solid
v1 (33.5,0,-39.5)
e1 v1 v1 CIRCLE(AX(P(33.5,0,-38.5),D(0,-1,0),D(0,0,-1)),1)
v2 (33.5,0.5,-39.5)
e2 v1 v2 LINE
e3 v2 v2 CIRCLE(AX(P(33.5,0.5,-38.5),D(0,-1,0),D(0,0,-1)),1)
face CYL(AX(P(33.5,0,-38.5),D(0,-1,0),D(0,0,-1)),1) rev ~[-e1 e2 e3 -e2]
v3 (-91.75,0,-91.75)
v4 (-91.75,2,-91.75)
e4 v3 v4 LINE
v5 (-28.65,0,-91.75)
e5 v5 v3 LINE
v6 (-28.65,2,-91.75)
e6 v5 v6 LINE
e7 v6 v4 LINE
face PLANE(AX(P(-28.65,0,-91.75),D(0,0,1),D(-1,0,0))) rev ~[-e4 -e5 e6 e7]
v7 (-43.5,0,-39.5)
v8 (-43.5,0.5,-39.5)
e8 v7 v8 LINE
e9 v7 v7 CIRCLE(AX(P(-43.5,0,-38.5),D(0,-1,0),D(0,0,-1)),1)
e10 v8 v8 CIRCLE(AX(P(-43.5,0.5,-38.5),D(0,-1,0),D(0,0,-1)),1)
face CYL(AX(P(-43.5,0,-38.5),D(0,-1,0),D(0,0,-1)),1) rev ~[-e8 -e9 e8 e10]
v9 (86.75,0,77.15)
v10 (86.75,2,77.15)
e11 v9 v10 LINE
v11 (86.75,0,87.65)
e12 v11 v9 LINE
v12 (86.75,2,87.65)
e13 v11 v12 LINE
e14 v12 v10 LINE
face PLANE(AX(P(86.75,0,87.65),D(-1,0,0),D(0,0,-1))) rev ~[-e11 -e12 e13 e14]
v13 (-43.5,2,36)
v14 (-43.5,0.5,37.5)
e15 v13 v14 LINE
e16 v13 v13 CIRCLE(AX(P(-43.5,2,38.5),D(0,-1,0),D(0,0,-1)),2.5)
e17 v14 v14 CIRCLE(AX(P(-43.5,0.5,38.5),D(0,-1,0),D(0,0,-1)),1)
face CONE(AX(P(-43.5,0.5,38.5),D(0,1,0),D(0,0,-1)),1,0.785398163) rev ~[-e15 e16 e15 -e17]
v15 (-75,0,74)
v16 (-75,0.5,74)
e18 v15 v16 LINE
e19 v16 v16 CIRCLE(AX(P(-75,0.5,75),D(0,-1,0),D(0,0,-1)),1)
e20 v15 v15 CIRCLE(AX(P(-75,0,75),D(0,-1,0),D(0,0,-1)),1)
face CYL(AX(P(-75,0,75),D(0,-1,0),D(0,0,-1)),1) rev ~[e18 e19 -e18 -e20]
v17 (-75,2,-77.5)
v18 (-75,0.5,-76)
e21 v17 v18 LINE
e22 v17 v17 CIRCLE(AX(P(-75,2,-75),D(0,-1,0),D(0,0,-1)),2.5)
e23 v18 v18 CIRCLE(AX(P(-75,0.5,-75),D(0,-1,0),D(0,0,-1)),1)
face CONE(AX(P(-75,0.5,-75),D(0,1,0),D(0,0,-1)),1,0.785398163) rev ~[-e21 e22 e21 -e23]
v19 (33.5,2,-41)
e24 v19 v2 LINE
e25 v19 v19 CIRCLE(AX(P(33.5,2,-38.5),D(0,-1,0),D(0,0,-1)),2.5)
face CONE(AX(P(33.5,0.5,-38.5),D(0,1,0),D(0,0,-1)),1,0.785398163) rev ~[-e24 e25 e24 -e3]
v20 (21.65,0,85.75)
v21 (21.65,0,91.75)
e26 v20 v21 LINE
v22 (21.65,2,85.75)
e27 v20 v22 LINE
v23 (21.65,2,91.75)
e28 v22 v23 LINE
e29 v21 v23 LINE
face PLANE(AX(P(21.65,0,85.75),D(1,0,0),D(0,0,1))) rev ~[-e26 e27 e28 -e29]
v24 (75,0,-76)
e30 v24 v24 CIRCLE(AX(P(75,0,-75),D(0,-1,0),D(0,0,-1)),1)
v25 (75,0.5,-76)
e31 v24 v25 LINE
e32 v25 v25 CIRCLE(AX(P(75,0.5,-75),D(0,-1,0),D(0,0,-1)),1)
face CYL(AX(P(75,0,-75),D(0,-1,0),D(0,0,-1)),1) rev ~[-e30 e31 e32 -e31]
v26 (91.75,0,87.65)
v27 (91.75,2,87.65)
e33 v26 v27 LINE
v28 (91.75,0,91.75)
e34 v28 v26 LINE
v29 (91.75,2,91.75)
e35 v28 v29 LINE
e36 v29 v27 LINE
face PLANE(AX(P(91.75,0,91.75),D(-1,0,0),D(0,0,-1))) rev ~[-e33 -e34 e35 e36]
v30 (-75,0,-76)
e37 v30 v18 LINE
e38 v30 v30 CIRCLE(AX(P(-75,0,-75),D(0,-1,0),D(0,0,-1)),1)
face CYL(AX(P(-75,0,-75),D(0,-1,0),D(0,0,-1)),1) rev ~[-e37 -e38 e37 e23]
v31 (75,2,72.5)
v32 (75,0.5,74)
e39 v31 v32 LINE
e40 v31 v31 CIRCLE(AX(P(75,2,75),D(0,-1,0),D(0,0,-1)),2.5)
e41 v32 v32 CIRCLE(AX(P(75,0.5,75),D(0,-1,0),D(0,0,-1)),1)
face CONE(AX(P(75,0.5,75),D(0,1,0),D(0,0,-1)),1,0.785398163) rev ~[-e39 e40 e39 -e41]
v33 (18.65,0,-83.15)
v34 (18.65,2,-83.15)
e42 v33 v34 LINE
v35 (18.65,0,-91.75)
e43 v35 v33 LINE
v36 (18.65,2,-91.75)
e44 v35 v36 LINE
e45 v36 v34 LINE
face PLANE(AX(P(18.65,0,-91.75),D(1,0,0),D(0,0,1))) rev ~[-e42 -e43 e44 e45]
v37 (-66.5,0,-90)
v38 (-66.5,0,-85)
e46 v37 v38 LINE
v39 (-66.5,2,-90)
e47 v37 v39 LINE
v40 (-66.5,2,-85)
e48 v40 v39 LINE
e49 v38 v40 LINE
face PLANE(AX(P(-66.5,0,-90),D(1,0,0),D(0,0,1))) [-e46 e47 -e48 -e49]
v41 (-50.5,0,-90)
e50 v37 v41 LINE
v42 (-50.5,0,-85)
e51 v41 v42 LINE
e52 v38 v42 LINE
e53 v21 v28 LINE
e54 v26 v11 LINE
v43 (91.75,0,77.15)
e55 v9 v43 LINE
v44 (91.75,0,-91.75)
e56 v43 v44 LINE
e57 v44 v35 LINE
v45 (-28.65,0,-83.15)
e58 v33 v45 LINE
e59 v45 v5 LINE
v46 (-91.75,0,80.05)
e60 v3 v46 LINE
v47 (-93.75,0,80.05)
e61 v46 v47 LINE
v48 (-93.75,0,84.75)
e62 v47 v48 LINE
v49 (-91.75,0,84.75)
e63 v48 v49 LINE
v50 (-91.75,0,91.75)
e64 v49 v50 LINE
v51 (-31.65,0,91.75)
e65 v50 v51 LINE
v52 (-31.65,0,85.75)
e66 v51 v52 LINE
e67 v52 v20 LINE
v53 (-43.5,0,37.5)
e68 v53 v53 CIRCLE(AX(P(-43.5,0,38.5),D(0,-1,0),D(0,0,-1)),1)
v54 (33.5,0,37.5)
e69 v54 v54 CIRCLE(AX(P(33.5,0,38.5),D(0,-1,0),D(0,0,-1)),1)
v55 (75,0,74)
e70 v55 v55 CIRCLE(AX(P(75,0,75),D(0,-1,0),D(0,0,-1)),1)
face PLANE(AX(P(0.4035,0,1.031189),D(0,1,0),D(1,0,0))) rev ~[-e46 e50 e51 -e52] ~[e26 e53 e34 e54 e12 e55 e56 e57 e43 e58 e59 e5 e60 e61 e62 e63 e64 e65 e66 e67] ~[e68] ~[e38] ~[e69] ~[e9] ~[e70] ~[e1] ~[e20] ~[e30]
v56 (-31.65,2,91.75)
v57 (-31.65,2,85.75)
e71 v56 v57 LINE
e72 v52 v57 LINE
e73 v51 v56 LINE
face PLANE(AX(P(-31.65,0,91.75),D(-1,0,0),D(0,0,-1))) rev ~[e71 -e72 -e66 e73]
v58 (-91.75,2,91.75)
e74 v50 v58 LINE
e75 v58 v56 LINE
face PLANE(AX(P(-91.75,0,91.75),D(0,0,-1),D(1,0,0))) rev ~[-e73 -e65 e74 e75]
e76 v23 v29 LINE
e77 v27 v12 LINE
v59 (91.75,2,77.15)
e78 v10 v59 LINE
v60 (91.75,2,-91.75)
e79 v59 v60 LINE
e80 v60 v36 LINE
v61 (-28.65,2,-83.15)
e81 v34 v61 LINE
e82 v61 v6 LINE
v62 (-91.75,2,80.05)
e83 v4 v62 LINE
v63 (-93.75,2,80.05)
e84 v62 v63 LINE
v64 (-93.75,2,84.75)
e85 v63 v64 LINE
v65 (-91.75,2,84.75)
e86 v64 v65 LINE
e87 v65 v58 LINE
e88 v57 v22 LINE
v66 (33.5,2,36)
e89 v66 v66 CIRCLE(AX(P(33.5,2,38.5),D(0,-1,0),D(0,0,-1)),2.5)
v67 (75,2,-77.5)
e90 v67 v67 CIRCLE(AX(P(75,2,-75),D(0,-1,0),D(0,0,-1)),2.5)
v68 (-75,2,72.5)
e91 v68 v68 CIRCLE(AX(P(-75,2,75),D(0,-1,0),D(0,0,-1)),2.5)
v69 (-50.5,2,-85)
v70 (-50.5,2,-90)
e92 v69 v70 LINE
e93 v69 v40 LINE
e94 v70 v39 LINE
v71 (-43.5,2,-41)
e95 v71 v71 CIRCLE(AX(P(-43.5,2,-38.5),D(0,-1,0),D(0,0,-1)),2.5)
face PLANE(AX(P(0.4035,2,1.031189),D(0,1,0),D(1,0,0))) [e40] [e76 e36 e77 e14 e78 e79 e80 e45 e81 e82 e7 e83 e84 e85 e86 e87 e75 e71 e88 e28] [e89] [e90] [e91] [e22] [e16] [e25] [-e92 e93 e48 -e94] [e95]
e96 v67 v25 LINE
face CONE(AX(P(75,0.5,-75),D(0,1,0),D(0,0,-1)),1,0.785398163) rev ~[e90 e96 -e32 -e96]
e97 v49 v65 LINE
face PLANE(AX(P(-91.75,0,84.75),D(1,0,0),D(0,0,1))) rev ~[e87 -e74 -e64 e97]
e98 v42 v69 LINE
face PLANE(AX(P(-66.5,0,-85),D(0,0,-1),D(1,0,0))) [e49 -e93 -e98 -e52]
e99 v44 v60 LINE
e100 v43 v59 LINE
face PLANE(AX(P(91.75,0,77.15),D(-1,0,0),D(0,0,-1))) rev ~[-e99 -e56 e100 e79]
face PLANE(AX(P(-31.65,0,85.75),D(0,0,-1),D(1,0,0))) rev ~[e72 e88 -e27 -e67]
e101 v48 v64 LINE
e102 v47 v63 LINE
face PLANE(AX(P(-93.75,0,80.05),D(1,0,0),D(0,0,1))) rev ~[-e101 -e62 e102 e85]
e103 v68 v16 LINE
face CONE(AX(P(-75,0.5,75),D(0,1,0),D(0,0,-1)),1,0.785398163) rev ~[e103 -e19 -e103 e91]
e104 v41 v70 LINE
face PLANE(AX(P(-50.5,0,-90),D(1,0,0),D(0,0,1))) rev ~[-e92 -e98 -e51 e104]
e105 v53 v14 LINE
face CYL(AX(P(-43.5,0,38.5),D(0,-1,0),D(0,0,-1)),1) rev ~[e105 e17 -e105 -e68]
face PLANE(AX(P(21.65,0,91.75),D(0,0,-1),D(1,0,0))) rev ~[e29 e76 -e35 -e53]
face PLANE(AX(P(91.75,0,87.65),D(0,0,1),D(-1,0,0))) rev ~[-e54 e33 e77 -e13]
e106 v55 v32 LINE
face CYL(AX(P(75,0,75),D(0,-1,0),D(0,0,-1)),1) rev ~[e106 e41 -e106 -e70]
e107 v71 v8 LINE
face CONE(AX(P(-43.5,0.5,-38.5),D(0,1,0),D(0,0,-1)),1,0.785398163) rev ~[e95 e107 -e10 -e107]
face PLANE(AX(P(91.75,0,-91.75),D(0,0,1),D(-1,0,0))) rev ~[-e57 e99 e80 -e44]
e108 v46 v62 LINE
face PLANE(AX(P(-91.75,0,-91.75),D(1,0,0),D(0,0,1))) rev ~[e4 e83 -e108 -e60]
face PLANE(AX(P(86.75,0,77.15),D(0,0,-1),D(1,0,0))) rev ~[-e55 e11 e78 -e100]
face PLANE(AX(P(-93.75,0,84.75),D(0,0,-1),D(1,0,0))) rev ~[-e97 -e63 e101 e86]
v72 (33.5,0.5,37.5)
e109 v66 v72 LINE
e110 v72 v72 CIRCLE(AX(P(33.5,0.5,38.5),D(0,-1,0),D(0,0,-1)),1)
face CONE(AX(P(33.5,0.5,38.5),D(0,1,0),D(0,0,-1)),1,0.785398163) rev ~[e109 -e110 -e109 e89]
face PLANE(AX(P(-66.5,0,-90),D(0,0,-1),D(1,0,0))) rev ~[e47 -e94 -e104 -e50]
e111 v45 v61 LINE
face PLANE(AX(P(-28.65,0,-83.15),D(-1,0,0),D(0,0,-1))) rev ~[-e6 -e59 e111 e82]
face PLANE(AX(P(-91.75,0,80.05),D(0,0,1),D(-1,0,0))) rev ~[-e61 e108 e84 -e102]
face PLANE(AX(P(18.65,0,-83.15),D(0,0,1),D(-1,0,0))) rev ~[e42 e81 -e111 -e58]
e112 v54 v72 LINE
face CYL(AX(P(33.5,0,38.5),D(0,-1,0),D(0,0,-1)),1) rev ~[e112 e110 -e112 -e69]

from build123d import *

# Parameters (mm, degrees)
BOSS_EXTRUDE1_DEPTH = 2
SKETCH2_R           = 1
CUT_EXTRUDE1_DEPTH  = 132.191177295
CHAMFER1_SIZE       = 1.5
SKETCH3_W           = 16
SKETCH3_H           = 5
CUT_EXTRUDE2_DEPTH  = 132.191177295


with BuildPart() as part:
    # Sketch1 → Boss-Extrude1 (new body)
    with BuildSketch(Plane(origin=(0, 0, 0), x_dir=(1, 0, 0), z_dir=(0, 1, 0))):
        Polygon((-91.75, 91.75), (-91.75, -80.05), (-93.75, -80.05), (-93.75, -84.75), (-91.75, -84.75), (-91.75, -91.75), (-31.65, -91.75), (-31.65, -85.75), (21.65, -85.75), (21.65, -91.75), (91.75, -91.75), (91.75, -87.65), (86.75, -87.65), (86.75, -77.15), (91.75, -77.15), (91.75, 91.75), (18.65, 91.75), (18.65, 83.15), (-28.65, 83.15), (-28.65, 91.75), align=None)
    extrude(amount=BOSS_EXTRUDE1_DEPTH)

    # Sketch2 → Cut-Extrude1 (cut, through all)
    with BuildSketch(Plane.XZ):
        with Locations(Location((75, -75, 0), (0, 0, 270))):
            Circle(SKETCH2_R)
        with Locations(Location((-75, -75, 0), (0, 0, 270))):
            Circle(SKETCH2_R)
        with Locations(Location((-75, 75, 0), (0, 0, 270))):
            Circle(SKETCH2_R)
        with Locations(Location((75, 75, 0), (0, 0, 270))):
            Circle(SKETCH2_R)
        with Locations(Location((33.5, -38.5, 0), (0, 0, 270))):
            Circle(SKETCH2_R)
        with Locations(Location((33.5, 38.5, 0), (0, 0, 270))):
            Circle(SKETCH2_R)
        with Locations(Location((-43.5, -38.5, 0), (0, 0, 270))):
            Circle(SKETCH2_R)
        with Locations(Location((-43.5, 38.5, 0), (0, 0, 270))):
            Circle(SKETCH2_R)
    extrude(amount=-CUT_EXTRUDE1_DEPTH, mode=Mode.SUBTRACT)

    # Chamfer1
    chamfer1_edges = [part.edges().sort_by_distance(p)[0] for p in [
        (-75, 2, -74),
        (-75, 2, 76),
        (75, 2, 76),
        (33.5, 2, -37.5),
        (-43.5, 2, 39.5),
        (-43.5, 2, -37.5),
        (33.5, 2, 39.5),
        (75, 2, -74),
    ]]
    chamfer(chamfer1_edges, length=CHAMFER1_SIZE)

    # Sketch3 → Cut-Extrude2 (cut, through all)
    with BuildSketch(Plane.XZ):
        with Locations((-58.5, -87.5)):
            Rectangle(SKETCH3_W, SKETCH3_H)
    extrude(amount=-CUT_EXTRUDE2_DEPTH, mode=Mode.SUBTRACT)


solid = part.part
